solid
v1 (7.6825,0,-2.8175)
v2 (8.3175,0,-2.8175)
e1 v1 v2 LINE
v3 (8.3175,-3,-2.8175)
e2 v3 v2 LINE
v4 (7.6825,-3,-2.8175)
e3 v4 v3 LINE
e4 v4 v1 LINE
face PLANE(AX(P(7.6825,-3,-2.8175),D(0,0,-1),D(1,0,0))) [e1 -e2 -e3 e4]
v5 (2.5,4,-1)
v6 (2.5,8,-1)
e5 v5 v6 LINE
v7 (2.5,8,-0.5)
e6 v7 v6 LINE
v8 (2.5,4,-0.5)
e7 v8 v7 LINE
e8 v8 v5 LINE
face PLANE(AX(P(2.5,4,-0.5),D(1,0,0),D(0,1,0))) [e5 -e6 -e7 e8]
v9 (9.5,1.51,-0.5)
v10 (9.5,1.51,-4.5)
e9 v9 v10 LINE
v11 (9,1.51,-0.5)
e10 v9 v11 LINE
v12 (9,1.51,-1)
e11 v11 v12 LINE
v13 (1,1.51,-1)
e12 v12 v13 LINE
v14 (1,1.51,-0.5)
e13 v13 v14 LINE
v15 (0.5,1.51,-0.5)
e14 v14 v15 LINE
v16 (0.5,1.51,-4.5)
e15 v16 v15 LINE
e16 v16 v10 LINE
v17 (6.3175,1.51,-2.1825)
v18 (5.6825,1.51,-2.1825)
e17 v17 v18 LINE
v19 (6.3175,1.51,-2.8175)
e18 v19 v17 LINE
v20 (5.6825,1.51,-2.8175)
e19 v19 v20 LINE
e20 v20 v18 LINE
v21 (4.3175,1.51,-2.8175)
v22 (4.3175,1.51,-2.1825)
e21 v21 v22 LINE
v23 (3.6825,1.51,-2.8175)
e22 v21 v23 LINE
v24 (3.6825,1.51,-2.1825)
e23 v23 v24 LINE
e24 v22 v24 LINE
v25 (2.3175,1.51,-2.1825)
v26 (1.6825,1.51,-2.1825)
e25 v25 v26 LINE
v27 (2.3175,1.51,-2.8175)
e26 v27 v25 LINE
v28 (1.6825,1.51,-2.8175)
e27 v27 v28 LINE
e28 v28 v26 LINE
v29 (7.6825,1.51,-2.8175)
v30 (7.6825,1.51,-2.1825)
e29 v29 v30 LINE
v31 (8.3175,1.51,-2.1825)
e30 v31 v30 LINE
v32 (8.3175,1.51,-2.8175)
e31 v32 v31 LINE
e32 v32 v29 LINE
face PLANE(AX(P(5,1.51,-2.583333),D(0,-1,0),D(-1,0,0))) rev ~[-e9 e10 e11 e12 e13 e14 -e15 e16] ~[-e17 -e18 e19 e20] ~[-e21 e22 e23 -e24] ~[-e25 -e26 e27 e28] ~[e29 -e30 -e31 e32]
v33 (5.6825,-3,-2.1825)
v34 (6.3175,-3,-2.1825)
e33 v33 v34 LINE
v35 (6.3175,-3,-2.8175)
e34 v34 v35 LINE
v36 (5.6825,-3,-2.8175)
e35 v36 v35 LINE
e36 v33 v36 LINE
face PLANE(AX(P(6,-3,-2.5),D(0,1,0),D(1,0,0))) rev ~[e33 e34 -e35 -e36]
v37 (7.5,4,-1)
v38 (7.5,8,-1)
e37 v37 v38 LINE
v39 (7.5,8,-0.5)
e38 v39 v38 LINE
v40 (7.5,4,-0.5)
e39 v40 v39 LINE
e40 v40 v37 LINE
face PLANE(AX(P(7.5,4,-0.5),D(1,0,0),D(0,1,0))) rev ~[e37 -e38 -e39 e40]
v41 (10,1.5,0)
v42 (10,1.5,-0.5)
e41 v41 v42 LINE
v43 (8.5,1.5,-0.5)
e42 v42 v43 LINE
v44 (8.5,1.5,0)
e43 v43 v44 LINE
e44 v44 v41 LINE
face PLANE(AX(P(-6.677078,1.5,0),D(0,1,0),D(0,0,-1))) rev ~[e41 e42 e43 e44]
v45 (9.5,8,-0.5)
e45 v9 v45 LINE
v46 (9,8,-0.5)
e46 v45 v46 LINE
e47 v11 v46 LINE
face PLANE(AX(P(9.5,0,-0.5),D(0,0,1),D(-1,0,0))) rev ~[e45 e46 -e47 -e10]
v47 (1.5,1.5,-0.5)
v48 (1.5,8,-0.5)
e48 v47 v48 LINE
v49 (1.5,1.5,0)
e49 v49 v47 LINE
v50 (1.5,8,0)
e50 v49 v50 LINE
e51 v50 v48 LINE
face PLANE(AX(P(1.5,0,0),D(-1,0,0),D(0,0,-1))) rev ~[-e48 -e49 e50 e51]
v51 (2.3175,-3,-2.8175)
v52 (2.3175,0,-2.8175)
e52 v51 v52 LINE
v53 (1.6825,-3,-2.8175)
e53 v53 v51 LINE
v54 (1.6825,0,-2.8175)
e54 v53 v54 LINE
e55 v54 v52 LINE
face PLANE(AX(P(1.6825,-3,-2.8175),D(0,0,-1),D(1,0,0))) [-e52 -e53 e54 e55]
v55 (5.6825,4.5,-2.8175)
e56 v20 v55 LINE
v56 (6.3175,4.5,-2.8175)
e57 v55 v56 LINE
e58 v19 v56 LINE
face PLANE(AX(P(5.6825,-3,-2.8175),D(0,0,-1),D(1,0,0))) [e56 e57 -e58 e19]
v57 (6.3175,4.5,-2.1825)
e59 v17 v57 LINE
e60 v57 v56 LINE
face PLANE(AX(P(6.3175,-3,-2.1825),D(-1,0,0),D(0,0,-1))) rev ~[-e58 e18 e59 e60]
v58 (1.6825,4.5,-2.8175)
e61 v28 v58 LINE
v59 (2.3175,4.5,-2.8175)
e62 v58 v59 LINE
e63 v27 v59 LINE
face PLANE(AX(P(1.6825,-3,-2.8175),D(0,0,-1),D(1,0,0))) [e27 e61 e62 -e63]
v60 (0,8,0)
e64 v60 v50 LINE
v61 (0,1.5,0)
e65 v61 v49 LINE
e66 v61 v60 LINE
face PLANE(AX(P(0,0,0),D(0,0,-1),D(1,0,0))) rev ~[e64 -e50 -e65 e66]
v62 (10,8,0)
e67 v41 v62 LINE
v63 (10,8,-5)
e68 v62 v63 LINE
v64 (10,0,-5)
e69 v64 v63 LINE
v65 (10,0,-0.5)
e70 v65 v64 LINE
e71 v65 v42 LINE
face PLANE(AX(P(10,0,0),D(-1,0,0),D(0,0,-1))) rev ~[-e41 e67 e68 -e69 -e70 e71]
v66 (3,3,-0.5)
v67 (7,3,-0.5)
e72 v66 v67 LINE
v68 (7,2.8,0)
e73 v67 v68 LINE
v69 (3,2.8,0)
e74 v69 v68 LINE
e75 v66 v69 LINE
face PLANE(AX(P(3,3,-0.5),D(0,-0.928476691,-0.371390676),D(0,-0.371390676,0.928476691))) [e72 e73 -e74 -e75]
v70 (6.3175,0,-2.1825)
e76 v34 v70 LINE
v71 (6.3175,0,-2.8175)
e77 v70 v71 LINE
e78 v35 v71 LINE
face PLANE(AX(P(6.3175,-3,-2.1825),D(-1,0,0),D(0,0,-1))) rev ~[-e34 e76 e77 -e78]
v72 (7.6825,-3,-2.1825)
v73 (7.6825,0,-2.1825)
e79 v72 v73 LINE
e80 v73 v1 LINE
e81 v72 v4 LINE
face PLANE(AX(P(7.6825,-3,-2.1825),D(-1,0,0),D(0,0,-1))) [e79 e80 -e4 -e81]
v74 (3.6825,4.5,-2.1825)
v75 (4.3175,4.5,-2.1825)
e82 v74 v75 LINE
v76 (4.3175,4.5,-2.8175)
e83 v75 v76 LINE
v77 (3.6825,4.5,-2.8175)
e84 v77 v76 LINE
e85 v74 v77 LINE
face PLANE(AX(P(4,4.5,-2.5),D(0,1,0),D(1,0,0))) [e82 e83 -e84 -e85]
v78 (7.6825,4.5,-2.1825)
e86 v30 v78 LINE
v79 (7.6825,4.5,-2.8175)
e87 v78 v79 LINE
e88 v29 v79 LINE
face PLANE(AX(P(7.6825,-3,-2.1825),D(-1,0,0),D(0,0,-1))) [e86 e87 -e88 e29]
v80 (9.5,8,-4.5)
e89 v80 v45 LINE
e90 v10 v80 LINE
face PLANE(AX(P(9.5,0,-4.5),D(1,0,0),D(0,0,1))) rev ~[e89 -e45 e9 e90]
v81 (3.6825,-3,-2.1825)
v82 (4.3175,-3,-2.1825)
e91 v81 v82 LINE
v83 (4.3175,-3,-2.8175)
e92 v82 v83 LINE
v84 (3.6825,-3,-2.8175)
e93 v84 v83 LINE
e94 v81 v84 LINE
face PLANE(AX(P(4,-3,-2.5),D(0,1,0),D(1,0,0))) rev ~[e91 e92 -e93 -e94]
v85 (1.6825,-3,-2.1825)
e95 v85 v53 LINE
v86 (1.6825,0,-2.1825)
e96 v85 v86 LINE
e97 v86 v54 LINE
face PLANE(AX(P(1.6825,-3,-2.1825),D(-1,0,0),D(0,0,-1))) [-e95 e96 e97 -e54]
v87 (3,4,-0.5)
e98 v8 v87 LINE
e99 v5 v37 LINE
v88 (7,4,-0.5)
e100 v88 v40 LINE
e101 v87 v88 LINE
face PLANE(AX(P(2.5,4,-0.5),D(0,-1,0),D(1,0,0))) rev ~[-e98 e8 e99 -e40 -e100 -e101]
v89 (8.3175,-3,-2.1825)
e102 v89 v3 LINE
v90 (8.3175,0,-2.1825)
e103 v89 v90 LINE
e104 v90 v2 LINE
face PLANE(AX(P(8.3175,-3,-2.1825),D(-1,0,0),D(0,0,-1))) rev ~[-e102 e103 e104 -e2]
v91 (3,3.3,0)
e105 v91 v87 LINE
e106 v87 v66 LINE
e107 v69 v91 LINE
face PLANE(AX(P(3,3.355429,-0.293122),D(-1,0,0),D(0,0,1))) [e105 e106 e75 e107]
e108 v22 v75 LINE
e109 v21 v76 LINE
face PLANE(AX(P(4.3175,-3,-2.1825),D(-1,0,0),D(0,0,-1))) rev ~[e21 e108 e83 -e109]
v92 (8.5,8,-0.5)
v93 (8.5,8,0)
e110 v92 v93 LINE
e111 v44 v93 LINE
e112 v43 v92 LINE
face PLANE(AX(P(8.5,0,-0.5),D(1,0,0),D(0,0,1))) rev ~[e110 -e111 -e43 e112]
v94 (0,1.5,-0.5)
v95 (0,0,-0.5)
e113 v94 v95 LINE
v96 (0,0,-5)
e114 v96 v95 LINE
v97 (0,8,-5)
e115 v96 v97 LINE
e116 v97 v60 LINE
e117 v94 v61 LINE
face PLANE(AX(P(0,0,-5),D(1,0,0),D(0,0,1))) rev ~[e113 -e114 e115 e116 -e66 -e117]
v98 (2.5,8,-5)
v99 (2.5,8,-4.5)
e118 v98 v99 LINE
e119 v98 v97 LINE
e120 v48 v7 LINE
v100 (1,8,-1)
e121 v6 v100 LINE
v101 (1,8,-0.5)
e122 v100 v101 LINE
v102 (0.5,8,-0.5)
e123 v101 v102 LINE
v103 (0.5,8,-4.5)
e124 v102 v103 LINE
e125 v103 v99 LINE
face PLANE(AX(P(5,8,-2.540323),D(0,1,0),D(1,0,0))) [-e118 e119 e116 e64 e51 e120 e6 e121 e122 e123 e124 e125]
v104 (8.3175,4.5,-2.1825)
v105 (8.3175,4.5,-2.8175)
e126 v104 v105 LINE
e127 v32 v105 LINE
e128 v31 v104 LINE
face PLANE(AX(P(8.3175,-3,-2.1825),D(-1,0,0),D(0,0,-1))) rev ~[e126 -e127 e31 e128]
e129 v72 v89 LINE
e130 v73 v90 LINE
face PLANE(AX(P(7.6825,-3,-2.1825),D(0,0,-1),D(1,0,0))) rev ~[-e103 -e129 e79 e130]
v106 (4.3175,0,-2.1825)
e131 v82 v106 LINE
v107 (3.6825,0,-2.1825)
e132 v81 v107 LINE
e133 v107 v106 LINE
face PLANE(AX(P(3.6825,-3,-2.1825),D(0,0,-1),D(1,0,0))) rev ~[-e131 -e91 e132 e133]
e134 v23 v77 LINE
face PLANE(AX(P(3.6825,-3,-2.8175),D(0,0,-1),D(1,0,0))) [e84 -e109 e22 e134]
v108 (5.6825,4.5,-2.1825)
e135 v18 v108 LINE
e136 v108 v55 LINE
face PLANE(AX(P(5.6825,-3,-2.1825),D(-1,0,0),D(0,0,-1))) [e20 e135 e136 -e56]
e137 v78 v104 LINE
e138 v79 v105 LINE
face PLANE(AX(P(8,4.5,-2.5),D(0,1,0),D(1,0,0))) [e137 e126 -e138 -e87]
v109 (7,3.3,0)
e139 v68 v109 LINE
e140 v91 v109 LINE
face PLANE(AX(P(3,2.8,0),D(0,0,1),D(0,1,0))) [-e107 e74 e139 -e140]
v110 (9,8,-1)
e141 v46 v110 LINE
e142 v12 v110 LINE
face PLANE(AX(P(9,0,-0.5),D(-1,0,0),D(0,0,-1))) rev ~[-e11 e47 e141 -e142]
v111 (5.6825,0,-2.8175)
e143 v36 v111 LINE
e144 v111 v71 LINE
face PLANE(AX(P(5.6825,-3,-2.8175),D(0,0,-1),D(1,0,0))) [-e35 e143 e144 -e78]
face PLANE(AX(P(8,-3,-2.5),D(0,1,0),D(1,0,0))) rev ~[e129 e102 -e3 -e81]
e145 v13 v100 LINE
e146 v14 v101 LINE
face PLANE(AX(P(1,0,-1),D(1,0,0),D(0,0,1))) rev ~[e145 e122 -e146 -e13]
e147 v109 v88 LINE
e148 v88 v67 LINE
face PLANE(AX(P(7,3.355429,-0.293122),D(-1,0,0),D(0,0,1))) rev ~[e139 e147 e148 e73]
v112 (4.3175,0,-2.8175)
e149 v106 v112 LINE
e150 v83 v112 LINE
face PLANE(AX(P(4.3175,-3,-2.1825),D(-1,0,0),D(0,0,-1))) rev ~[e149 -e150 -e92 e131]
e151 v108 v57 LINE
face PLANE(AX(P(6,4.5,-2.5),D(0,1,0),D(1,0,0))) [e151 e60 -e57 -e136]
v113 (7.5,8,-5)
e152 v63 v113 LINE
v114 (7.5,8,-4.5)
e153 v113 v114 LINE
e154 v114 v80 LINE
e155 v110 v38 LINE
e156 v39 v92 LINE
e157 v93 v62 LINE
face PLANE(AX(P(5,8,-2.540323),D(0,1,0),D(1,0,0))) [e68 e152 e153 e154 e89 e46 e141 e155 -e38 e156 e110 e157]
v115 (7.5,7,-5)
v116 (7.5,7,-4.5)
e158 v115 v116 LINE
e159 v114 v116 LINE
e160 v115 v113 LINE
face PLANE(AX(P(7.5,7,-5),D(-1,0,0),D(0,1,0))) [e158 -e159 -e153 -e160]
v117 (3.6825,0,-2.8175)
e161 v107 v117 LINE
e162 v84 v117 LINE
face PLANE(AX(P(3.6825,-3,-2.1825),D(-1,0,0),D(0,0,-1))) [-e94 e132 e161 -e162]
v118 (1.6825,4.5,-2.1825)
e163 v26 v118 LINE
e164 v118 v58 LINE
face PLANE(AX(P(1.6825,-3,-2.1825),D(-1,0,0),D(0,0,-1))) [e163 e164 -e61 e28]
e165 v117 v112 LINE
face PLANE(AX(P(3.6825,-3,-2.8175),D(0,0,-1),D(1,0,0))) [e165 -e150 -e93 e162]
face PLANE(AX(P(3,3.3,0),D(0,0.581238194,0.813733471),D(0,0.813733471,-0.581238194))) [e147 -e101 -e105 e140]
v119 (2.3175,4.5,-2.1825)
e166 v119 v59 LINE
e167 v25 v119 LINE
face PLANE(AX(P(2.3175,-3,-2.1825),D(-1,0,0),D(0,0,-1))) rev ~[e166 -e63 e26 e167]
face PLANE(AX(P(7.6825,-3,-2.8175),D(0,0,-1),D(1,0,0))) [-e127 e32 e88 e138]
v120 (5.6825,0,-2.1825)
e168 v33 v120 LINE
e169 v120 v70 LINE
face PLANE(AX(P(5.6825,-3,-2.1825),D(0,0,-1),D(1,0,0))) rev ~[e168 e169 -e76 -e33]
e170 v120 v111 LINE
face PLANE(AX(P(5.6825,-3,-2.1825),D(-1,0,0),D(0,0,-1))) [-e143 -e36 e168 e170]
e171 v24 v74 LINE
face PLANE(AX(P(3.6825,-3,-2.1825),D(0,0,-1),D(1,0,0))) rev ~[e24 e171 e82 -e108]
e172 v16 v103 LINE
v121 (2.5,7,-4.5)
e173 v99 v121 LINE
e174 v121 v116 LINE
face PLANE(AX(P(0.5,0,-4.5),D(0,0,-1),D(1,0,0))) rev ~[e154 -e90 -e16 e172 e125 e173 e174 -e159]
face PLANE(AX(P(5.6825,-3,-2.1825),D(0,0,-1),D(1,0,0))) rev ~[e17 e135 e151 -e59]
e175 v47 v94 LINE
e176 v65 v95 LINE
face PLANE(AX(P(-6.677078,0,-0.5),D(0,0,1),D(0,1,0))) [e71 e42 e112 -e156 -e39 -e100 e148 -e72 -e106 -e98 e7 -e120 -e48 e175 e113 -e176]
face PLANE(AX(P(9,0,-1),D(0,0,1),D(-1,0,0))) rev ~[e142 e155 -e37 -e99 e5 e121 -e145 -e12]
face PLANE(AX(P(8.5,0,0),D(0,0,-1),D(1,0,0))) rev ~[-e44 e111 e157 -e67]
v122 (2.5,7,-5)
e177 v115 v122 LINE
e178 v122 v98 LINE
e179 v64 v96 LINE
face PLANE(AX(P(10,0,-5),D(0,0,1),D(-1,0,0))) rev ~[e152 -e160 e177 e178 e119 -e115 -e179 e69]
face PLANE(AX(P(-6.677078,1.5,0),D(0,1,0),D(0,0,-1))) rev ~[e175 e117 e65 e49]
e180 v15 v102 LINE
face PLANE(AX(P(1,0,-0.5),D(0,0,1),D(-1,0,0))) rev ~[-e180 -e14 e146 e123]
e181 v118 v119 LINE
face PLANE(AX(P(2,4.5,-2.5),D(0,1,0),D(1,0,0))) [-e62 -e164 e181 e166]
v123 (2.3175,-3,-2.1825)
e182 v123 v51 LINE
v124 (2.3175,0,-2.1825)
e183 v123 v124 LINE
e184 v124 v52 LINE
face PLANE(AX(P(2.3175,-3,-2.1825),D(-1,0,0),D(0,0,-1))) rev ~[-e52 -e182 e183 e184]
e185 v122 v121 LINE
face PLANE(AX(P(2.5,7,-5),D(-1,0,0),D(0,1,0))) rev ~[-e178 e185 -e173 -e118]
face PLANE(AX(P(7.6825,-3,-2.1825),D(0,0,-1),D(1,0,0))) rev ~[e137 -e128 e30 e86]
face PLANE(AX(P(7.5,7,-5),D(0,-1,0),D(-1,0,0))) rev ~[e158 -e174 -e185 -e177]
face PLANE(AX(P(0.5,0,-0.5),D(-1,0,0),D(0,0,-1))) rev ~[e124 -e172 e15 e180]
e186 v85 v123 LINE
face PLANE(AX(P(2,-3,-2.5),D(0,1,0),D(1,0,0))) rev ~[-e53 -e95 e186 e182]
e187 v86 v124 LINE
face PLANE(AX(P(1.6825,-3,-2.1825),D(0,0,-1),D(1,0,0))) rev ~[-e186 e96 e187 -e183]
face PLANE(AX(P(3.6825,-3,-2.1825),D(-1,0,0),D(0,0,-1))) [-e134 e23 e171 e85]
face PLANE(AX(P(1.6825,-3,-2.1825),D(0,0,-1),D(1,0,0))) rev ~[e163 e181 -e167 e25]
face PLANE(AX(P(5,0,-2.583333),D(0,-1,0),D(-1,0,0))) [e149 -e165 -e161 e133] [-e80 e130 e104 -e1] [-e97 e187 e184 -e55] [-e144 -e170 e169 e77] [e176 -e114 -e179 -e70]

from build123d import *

# Parameters (mm, degrees)
SIDES_DEPTH           = 8
SKETCH2_W             = 5
SKETCH2_H             = 4
FRONT_CUT_DEPTH       = 0.5
BACK_CUT_REACH        = 15.748
SKETCH3_W             = 5
SKETCH3_H             = 1
BASE_DEPTH            = 0.5
PINS_DEPTH            = 4
PINS_DEPTH_BACK       = 3.5
SKETCH4_W             = 0.635
SKETCH4_H             = 0.635
CLIP_DEPTH            = 2
CLIP_DEPTH_BACK       = 2
FRONT_TRIM_DEPTH      = 11.677078252
FRONT_TRIM_DEPTH_BACK = 11.677078252
SKETCH6_W             = 0.5
SKETCH6_H             = 1.5
BOSS_EXTRUDE4_DEPTH   = 1.51


with BuildPart() as part:
    # Sketch1 → Sides (new body)
    with BuildSketch(Plane(origin=(0, 0, 0), x_dir=(1, 0, 0), z_dir=(0, 1, 0))):
        Polygon((8.5, 0), (10, 0), (10, 5), (0, 5), (0, 0), (1.5, 0), (1.5, 0.5), (8.5, 0.5), align=None)
        Polygon((0.5, 4.5), (9.5, 4.5), (9.5, 1.528846154), (9.5, 0.5), (9, 0.5), (9, 1), (1, 1), (1, 0.5), (0.5, 0.5), (0.5, 1.538461538), align=None, mode=Mode.SUBTRACT)
    extrude(amount=SIDES_DEPTH)

    # Sketch2 → Front cut (cut)
    with BuildSketch(Plane.XY.offset(-0.5)):
        with Locations((5, 6)):
            Rectangle(SKETCH2_W, SKETCH2_H)
    extrude(amount=-FRONT_CUT_DEPTH, mode=Mode.SUBTRACT)

    # Sketch3 → Back cut (cut, up to next)
    with BuildSketch(Plane(origin=(0, 0, -5), x_dir=(-1, 0, 0), z_dir=(0, 0, -1)), mode=Mode.PRIVATE) as back_cut_sk1:
        with Locations((-5, 7.5)):
            Rectangle(SKETCH3_W, SKETCH3_H)
    back_cut_tool1 = extrude(back_cut_sk1.sketch, amount=-BACK_CUT_REACH, mode=Mode.PRIVATE) & part.part
    add(back_cut_tool1.solids().sort_by_distance((5, 7.5, -5))[0], mode=Mode.SUBTRACT)

    # Sketch1<2> → Base (add)
    with BuildSketch(Plane(origin=(0, 0, 0), x_dir=(1, 0, 0), z_dir=(0, 1, 0))):
        Polygon((1, 1), (1, 0.5), (0.5, 0.5), (0.5, 1.538461538), (0.5, 4.5), (9.5, 4.5), (9.5, 1.528846154), (9.5, 0.5), (9, 0.5), (9, 1), align=None)
    extrude(amount=BASE_DEPTH)

    # Sketch4 → Pins (add, two sides: drawn at the far end of the back side and taken through both)
    with BuildSketch(Plane(origin=(0, 0.5, 0), x_dir=(1, 0, 0), z_dir=(0, 1, 0)).offset(-PINS_DEPTH_BACK)):
        with Locations((2, 2.5)):
            Rectangle(SKETCH4_W, SKETCH4_H)
        with Locations((4, 2.5)):
            Rectangle(SKETCH4_W, SKETCH4_H)
        with Locations((6, 2.5)):
            Rectangle(SKETCH4_W, SKETCH4_H)
        with Locations((8, 2.5)):
            Rectangle(SKETCH4_W, SKETCH4_H)
    extrude(amount=PINS_DEPTH + PINS_DEPTH_BACK)

    # Sketch5 → Clip (add, two sides: drawn at the far end of the back side and taken through both)
    with BuildSketch(Plane(origin=(5, 0, 0), x_dir=(0, 0, -1), z_dir=(1, 0, 0)).offset(-CLIP_DEPTH_BACK)):
        Polygon((0.5, 4), (0.5, 3), (0, 2.8), (0, 3.3), align=None)
    extrude(amount=CLIP_DEPTH + CLIP_DEPTH_BACK)

    # Sketch6 → Front trim (cut, two sides: drawn at the far end of the back side and taken through both)
    with BuildSketch(Plane(origin=(5, 0, 0), x_dir=(0, 0, -1), z_dir=(1, 0, 0)).offset(-FRONT_TRIM_DEPTH_BACK)):
        with Locations((0.25, 0.75)):
            Rectangle(SKETCH6_W, SKETCH6_H)
    extrude(amount=FRONT_TRIM_DEPTH + FRONT_TRIM_DEPTH_BACK, mode=Mode.SUBTRACT)

    # Sketch1<4> → Boss-Extrude4 (add)
    with BuildSketch(Plane(origin=(0, 0, 0), x_dir=(1, 0, 0), z_dir=(0, 1, 0))):
        Polygon((1, 1), (1, 0.5), (0.5, 0.5), (0.5, 1.538461538), (0.5, 4.5), (9.5, 4.5), (9.5, 1.528846154), (9.5, 0.5), (9, 0.5), (9, 1), align=None)
    extrude(amount=BOSS_EXTRUDE4_DEPTH)


solid = part.part
